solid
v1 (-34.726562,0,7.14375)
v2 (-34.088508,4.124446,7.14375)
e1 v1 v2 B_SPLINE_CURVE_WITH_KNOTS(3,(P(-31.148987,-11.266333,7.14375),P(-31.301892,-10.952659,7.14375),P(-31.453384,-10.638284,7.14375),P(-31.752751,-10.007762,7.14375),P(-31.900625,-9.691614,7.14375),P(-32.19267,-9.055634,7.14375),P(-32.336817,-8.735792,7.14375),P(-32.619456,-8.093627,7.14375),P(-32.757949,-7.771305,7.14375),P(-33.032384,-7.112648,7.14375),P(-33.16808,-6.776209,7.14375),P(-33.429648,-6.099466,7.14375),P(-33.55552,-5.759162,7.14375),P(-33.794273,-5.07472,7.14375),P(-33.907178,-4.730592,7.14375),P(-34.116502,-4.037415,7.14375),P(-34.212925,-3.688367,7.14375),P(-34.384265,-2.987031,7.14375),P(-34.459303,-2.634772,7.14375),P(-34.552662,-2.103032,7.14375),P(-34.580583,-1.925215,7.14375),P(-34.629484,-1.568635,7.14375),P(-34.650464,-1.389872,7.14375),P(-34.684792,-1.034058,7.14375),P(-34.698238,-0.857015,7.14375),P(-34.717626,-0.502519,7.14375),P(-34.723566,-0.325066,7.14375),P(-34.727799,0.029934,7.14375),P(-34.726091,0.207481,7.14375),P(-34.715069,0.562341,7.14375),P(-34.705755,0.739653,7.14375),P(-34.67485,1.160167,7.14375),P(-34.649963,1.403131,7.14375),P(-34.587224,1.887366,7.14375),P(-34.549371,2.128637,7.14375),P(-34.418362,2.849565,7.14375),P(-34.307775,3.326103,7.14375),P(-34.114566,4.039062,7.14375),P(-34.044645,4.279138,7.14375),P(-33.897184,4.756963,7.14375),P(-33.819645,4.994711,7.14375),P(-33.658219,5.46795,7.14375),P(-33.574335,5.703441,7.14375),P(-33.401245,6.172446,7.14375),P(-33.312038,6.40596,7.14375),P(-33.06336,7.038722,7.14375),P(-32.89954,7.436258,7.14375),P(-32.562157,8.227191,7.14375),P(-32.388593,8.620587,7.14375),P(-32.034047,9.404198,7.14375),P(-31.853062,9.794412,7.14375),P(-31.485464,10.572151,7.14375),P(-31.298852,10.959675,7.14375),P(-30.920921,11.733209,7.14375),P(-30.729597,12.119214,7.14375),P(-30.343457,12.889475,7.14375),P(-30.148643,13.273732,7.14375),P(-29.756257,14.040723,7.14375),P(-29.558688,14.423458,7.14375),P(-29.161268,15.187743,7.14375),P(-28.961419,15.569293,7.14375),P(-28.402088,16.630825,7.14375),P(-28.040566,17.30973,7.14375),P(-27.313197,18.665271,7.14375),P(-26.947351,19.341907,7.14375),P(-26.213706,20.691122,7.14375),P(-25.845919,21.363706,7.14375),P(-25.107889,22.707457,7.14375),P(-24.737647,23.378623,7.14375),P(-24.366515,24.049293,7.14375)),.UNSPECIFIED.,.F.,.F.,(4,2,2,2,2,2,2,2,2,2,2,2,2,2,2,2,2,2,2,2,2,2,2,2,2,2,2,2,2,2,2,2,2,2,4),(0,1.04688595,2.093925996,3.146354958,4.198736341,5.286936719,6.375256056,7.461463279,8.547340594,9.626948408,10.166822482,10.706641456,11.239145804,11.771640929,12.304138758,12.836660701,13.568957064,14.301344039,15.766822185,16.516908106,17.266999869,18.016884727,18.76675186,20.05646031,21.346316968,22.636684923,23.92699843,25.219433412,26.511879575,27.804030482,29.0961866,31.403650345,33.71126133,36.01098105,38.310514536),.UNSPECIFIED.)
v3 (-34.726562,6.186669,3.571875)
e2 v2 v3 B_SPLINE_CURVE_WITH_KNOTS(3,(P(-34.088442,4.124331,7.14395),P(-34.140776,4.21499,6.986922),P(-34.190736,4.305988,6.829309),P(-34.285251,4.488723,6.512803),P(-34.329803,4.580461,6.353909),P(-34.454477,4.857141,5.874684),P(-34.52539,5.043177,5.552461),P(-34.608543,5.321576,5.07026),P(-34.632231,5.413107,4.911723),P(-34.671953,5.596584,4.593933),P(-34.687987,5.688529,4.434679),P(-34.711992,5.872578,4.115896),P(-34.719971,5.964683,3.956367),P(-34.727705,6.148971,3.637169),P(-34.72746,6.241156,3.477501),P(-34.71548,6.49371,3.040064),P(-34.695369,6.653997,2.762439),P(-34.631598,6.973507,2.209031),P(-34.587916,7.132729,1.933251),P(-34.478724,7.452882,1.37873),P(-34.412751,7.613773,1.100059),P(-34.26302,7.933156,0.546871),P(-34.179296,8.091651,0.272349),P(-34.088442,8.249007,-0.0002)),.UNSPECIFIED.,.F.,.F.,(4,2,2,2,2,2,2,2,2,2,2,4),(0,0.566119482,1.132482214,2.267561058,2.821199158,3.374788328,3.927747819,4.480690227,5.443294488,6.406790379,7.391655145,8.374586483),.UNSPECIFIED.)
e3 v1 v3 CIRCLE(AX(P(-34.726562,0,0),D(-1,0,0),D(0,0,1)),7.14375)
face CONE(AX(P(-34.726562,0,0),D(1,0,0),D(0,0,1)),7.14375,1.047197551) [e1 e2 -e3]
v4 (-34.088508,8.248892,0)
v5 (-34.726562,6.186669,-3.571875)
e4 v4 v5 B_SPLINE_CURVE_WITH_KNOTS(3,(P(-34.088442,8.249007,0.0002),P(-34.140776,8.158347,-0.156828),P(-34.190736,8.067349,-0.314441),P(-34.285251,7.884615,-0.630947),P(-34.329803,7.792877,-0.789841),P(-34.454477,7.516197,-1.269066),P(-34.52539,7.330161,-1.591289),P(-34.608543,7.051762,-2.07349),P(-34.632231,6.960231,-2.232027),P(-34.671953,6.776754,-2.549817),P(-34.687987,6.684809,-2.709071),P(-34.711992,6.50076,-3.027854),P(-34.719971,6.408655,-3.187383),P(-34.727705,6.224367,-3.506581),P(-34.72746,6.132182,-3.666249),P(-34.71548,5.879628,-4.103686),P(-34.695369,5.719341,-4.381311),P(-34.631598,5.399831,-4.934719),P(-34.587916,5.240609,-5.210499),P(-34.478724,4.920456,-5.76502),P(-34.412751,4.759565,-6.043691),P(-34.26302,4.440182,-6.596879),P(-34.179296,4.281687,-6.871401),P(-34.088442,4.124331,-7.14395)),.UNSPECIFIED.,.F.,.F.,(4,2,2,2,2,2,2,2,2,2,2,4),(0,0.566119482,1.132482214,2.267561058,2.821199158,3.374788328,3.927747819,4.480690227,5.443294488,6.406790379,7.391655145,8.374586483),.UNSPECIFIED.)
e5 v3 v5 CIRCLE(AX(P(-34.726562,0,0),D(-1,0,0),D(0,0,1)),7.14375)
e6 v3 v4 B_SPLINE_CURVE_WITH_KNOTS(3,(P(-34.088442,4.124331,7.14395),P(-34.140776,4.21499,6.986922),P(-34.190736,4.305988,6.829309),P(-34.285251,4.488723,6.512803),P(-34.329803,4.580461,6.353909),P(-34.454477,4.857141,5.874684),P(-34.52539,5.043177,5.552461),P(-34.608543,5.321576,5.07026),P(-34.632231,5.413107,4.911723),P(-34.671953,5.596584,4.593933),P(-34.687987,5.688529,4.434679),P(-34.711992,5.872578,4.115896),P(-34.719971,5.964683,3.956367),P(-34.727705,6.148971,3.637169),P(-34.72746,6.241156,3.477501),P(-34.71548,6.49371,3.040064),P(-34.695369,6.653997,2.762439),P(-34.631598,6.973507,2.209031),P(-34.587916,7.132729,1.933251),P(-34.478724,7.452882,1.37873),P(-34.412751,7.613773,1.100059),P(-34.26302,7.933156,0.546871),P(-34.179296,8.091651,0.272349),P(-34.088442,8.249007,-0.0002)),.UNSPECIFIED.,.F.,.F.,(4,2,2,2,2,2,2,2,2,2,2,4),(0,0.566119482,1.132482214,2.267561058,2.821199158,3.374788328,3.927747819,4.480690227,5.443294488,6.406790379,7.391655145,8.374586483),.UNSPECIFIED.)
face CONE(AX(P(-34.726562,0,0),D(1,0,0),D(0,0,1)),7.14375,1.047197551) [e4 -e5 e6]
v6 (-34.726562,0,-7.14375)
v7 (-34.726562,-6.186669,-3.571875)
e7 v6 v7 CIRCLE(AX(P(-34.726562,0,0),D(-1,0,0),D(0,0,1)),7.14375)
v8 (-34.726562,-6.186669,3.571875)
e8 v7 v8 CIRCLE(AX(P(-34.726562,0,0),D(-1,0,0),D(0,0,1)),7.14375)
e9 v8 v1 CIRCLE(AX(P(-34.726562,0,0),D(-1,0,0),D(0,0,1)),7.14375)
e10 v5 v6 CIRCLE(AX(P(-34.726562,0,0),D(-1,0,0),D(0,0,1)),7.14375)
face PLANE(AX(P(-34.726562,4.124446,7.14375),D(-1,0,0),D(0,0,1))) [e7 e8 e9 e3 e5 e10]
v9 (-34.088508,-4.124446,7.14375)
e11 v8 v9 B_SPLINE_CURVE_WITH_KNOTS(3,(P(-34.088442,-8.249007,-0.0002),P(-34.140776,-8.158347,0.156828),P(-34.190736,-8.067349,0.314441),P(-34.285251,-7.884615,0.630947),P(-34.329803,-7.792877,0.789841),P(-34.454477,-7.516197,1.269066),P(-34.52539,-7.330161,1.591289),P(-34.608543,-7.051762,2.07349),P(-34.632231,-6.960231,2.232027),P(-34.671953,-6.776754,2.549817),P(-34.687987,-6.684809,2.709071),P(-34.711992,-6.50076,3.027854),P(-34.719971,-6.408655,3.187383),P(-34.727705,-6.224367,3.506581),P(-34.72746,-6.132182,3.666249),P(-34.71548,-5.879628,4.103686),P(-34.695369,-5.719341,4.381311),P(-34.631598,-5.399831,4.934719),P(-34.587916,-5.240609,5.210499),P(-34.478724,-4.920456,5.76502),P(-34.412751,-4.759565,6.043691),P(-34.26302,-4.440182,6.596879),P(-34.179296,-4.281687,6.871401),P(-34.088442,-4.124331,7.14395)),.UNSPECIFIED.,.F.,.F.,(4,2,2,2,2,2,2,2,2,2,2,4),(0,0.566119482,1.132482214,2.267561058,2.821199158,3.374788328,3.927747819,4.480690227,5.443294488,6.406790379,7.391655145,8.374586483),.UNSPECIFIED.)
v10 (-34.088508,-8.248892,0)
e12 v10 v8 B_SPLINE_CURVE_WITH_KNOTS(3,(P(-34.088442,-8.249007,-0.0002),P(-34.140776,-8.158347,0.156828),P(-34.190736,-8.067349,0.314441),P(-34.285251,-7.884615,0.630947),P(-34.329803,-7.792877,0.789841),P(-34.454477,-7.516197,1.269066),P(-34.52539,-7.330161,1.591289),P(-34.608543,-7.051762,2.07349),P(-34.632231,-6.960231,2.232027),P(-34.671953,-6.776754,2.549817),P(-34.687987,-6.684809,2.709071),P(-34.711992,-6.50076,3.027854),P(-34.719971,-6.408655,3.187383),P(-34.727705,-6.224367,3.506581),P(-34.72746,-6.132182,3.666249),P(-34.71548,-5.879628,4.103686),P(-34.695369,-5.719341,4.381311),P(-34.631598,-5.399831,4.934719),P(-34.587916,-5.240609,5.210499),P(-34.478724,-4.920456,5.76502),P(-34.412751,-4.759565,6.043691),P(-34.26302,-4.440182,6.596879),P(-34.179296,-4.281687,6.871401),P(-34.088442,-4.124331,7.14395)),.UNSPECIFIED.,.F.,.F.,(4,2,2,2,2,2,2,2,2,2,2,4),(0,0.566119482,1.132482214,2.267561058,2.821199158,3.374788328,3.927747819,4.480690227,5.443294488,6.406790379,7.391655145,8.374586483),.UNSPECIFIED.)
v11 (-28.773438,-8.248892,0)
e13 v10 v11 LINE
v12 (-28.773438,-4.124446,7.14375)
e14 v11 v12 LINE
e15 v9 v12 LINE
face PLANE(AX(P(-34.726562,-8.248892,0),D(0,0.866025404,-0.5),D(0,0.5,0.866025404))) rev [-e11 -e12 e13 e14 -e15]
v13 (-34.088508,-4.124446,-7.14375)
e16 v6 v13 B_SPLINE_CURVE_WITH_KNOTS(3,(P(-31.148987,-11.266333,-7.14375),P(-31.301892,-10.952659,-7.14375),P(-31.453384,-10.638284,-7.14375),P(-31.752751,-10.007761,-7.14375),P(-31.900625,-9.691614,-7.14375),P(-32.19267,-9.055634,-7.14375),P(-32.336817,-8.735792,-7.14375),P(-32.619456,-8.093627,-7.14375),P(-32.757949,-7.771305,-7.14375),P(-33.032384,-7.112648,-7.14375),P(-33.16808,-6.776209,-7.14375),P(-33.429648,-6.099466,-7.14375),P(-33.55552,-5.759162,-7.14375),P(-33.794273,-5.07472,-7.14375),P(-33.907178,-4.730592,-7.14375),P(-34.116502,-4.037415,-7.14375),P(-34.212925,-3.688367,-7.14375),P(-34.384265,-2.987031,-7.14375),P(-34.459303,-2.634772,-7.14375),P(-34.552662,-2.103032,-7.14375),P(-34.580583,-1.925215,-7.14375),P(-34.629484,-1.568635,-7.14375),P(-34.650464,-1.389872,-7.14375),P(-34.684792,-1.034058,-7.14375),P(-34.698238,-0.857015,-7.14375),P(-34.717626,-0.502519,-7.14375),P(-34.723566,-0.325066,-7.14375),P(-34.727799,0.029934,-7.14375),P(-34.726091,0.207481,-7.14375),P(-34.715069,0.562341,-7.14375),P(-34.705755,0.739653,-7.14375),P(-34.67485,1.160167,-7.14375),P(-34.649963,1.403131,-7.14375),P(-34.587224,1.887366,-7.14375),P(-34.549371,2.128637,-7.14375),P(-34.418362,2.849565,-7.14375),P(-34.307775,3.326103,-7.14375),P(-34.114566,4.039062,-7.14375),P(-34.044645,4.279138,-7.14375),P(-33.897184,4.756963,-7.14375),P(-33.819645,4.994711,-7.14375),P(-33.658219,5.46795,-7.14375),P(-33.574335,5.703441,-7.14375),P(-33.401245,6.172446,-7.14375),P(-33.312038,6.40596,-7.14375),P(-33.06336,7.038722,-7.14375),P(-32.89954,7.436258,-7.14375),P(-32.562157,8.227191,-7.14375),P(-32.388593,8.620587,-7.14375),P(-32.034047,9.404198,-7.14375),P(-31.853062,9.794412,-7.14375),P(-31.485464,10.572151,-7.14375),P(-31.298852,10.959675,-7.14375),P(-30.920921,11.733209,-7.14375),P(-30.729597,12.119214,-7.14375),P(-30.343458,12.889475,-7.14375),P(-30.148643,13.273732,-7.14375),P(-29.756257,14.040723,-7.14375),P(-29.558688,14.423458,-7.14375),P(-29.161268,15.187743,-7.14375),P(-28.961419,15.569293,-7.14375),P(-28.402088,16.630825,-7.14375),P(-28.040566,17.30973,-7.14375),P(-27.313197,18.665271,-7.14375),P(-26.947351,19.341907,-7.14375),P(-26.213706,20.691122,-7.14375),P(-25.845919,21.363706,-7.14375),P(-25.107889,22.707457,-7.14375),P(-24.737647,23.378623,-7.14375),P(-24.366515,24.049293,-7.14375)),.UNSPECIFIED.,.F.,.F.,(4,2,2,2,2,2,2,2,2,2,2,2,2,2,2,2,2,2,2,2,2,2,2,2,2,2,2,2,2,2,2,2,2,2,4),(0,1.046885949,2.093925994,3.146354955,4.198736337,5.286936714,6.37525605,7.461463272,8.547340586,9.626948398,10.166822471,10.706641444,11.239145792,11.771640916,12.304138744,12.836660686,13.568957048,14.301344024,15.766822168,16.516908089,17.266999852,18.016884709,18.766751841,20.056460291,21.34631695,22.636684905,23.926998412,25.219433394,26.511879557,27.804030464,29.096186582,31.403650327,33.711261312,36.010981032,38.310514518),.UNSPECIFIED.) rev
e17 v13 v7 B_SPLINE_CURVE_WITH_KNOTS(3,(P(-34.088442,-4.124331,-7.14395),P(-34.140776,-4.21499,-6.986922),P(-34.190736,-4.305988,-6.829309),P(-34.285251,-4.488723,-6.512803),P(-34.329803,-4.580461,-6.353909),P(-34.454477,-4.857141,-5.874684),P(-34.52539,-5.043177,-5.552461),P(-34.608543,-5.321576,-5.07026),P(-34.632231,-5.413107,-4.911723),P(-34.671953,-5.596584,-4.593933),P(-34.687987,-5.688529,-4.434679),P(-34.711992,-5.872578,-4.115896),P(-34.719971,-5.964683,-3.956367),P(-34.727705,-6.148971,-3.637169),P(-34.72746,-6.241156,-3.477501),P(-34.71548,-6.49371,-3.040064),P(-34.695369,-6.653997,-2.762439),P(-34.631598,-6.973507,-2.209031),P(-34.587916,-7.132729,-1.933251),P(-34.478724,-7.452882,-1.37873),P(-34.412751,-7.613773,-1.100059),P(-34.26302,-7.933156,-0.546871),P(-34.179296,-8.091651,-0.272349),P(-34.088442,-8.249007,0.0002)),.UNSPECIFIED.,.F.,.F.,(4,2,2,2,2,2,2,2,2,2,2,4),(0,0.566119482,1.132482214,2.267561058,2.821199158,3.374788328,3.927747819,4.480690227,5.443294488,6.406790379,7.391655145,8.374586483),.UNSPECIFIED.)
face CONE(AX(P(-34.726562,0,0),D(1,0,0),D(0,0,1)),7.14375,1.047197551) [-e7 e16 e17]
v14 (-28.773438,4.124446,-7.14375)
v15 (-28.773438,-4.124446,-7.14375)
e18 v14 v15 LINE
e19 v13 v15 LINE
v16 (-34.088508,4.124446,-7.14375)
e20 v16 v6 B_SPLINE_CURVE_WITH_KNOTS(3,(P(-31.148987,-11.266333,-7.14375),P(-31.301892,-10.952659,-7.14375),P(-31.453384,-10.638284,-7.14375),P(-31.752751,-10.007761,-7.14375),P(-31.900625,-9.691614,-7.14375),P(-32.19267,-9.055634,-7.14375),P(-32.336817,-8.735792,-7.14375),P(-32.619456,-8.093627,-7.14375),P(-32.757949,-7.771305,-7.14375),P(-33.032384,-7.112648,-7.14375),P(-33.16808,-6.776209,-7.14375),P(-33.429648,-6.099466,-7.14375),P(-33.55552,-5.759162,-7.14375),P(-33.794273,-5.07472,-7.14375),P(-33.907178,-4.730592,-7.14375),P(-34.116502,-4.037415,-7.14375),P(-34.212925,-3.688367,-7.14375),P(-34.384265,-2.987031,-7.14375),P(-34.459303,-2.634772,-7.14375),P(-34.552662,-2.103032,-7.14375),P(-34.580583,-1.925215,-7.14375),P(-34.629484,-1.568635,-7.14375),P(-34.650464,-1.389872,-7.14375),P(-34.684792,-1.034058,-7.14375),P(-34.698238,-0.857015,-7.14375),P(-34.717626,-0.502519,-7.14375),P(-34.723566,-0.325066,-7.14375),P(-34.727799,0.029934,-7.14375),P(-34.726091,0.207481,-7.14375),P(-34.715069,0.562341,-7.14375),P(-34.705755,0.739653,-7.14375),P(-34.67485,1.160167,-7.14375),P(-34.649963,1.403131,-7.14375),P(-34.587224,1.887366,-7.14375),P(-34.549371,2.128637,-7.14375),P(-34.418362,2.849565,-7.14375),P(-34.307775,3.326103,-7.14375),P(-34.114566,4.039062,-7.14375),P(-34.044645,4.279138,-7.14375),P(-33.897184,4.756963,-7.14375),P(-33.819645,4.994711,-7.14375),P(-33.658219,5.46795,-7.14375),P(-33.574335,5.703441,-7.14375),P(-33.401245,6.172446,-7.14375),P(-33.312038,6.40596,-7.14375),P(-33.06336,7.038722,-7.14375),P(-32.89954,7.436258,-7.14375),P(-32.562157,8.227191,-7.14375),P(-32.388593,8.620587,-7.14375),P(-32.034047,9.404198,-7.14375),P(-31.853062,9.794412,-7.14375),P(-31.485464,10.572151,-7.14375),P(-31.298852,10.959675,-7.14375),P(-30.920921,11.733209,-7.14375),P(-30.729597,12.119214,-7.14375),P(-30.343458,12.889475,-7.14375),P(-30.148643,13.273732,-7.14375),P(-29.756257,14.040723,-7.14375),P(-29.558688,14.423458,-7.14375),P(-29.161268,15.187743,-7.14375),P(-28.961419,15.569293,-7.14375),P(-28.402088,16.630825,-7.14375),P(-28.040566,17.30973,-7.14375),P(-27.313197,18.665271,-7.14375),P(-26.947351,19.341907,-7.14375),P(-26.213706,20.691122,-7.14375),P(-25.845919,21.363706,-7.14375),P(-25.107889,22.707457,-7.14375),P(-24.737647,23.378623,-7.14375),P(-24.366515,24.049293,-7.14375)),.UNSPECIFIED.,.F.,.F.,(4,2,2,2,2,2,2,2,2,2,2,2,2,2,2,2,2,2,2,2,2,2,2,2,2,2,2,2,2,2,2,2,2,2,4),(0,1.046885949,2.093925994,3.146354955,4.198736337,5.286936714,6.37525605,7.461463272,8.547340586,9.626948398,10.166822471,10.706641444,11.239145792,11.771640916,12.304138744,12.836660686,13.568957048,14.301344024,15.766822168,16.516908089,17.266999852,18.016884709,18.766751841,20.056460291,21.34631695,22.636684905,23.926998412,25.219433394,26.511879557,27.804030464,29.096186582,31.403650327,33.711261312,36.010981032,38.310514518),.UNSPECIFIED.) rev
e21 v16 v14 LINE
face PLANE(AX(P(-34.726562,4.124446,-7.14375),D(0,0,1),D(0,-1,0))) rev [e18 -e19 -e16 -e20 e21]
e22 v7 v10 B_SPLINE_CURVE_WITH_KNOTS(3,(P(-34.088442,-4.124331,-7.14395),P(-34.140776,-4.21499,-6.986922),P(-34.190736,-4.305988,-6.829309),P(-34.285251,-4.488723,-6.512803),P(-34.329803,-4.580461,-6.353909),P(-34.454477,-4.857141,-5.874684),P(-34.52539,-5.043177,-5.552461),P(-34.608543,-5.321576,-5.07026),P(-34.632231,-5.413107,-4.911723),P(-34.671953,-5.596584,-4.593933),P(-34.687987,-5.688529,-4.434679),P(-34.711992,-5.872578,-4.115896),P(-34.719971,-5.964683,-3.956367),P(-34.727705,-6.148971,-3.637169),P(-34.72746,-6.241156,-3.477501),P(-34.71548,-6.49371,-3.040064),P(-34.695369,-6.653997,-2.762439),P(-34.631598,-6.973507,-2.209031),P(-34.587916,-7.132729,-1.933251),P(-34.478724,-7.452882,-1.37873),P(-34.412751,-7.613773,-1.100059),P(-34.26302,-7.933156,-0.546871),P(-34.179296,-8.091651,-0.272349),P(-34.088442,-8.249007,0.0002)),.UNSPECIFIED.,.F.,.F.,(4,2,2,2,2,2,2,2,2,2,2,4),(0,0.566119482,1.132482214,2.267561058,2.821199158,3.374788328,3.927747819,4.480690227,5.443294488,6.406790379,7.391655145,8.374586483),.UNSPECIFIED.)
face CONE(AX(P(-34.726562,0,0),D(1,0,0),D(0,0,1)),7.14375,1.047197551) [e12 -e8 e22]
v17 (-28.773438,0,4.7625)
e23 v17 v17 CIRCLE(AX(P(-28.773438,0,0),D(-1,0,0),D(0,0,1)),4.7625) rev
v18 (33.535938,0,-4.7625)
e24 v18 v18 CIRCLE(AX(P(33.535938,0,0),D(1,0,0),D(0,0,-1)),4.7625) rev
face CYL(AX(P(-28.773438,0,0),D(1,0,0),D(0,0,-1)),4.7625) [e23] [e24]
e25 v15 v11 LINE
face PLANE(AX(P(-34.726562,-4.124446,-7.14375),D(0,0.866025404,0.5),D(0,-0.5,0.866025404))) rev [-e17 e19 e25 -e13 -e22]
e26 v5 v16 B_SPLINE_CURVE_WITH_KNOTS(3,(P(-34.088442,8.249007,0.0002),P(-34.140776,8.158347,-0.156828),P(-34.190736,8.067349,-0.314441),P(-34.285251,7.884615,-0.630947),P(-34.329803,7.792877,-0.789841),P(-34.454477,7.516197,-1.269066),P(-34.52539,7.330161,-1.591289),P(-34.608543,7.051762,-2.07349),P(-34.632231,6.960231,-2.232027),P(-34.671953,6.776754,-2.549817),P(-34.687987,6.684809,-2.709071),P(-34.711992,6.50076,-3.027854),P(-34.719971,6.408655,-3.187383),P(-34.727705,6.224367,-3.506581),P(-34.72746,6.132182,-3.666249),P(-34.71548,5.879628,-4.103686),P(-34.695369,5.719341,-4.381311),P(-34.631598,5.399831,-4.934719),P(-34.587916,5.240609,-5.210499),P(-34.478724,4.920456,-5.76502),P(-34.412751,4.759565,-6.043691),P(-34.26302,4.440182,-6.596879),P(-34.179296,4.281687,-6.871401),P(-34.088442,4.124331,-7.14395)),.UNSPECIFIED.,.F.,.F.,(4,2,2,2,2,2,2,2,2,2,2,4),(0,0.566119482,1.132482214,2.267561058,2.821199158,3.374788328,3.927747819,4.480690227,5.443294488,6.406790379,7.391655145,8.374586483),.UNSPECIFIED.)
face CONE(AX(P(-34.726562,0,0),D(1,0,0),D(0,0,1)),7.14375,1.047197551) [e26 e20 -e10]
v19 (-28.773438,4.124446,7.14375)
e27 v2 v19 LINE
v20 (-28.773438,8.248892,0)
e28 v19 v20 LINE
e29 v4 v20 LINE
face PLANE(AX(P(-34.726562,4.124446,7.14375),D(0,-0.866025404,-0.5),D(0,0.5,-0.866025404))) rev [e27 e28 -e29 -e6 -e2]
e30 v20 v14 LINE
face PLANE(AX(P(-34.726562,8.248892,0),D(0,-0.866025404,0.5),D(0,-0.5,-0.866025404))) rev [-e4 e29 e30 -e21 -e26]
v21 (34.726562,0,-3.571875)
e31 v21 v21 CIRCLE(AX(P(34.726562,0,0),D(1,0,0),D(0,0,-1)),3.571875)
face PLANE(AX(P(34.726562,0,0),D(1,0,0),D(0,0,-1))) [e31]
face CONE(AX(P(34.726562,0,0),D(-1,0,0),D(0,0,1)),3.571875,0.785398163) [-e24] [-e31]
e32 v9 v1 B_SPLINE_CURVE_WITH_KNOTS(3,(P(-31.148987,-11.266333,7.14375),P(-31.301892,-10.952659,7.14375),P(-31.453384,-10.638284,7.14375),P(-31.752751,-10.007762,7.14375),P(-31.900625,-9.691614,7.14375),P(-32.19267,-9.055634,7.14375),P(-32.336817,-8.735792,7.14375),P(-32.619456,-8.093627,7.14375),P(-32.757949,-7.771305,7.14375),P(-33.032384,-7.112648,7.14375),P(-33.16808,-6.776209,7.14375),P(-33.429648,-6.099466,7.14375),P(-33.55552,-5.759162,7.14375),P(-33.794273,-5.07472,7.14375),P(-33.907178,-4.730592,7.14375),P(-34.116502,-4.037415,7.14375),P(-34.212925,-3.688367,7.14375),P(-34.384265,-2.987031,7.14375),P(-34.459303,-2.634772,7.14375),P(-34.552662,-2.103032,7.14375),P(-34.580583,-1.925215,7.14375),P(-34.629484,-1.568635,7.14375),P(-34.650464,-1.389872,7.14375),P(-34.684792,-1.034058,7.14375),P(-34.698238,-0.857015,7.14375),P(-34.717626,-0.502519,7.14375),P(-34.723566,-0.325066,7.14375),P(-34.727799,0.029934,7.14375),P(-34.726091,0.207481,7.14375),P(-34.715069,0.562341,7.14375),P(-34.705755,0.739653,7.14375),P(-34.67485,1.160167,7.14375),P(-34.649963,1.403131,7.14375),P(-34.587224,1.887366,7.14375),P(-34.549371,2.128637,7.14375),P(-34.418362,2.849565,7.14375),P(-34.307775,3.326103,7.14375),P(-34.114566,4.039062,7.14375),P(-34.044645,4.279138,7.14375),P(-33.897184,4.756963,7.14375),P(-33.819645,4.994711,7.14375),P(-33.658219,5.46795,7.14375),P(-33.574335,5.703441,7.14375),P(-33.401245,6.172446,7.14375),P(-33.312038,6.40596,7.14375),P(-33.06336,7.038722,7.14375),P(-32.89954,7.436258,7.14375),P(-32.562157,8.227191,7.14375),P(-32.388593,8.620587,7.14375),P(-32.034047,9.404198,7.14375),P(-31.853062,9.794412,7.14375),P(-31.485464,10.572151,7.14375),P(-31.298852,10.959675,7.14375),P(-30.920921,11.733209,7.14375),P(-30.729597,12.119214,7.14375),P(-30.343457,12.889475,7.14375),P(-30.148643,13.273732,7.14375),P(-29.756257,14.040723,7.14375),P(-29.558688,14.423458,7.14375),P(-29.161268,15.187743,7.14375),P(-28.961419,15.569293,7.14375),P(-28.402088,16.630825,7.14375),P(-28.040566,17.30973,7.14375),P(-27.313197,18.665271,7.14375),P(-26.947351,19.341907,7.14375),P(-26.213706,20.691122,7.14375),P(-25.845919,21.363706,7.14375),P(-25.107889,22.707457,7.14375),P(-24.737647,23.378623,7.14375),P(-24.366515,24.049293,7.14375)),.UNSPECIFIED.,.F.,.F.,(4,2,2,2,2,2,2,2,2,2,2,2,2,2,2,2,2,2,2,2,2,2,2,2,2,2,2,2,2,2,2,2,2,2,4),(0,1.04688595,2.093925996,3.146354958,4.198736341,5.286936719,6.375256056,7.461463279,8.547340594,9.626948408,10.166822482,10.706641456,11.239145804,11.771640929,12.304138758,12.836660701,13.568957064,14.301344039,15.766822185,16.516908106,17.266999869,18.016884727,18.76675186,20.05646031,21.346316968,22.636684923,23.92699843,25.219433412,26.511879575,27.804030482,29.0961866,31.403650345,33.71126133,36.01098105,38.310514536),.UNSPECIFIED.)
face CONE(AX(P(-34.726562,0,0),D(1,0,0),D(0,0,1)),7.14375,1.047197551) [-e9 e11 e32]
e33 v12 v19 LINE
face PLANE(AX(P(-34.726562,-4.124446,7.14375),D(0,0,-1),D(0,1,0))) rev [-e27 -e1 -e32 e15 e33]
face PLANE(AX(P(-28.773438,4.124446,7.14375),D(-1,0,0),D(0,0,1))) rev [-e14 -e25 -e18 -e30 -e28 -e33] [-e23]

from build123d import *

# Parameters (mm, degrees)
SKETCH5_R           = 4.7625
BOSS_EXTRUDE3_DEPTH = 63.5
CHAMFER1_SIZE       = 1.190625
BOSS_EXTRUDE4_DEPTH = 5.953125
SKETCH8_OUTSIDE_W   = 274.906
SKETCH8_OUTSIDE_H   = 277.116
SKETCH8_OUTSIDE_R   = 7.14375
CUT_EXTRUDE3_DEPTH  = 70.453125
CUT_EXTRUDE3_TAPER  = 60


with BuildPart() as part:
    # Sketch5 → Boss-Extrude3 (new body)
    with BuildSketch(Plane(origin=(34.7265625, 0, 0), x_dir=(0, 0, -1), z_dir=(1, 0, 0))):
        Circle(SKETCH5_R)
    extrude(amount=-BOSS_EXTRUDE3_DEPTH)

    # Chamfer1
    chamfer1_edges = [part.edges().sort_by_distance(p)[0] for p in [
        (34.7265625, 0, 4.7625),
    ]]
    chamfer(chamfer1_edges, length=CHAMFER1_SIZE)

    # Sketch6 → Boss-Extrude4 (add)
    with BuildSketch(Plane.ZY.offset(28.7734375)):
        Polygon((7.14375, 4.124445986), (0, 8.248891971), (-7.14375, 4.124445986), (-7.14375, -4.124445986), (0, -8.248891971), (7.14375, -4.124445986), align=None)
    extrude(amount=BOSS_EXTRUDE4_DEPTH)

    # Sketch8 outside → Cut-Extrude3 (cut, through all)
    with BuildSketch(Plane.ZY.offset(34.7265625)):
        Rectangle(SKETCH8_OUTSIDE_W, SKETCH8_OUTSIDE_H)
        Circle(SKETCH8_OUTSIDE_R, mode=Mode.SUBTRACT)
    extrude(amount=-CUT_EXTRUDE3_DEPTH, taper=CUT_EXTRUDE3_TAPER, mode=Mode.SUBTRACT)


solid = part.part
